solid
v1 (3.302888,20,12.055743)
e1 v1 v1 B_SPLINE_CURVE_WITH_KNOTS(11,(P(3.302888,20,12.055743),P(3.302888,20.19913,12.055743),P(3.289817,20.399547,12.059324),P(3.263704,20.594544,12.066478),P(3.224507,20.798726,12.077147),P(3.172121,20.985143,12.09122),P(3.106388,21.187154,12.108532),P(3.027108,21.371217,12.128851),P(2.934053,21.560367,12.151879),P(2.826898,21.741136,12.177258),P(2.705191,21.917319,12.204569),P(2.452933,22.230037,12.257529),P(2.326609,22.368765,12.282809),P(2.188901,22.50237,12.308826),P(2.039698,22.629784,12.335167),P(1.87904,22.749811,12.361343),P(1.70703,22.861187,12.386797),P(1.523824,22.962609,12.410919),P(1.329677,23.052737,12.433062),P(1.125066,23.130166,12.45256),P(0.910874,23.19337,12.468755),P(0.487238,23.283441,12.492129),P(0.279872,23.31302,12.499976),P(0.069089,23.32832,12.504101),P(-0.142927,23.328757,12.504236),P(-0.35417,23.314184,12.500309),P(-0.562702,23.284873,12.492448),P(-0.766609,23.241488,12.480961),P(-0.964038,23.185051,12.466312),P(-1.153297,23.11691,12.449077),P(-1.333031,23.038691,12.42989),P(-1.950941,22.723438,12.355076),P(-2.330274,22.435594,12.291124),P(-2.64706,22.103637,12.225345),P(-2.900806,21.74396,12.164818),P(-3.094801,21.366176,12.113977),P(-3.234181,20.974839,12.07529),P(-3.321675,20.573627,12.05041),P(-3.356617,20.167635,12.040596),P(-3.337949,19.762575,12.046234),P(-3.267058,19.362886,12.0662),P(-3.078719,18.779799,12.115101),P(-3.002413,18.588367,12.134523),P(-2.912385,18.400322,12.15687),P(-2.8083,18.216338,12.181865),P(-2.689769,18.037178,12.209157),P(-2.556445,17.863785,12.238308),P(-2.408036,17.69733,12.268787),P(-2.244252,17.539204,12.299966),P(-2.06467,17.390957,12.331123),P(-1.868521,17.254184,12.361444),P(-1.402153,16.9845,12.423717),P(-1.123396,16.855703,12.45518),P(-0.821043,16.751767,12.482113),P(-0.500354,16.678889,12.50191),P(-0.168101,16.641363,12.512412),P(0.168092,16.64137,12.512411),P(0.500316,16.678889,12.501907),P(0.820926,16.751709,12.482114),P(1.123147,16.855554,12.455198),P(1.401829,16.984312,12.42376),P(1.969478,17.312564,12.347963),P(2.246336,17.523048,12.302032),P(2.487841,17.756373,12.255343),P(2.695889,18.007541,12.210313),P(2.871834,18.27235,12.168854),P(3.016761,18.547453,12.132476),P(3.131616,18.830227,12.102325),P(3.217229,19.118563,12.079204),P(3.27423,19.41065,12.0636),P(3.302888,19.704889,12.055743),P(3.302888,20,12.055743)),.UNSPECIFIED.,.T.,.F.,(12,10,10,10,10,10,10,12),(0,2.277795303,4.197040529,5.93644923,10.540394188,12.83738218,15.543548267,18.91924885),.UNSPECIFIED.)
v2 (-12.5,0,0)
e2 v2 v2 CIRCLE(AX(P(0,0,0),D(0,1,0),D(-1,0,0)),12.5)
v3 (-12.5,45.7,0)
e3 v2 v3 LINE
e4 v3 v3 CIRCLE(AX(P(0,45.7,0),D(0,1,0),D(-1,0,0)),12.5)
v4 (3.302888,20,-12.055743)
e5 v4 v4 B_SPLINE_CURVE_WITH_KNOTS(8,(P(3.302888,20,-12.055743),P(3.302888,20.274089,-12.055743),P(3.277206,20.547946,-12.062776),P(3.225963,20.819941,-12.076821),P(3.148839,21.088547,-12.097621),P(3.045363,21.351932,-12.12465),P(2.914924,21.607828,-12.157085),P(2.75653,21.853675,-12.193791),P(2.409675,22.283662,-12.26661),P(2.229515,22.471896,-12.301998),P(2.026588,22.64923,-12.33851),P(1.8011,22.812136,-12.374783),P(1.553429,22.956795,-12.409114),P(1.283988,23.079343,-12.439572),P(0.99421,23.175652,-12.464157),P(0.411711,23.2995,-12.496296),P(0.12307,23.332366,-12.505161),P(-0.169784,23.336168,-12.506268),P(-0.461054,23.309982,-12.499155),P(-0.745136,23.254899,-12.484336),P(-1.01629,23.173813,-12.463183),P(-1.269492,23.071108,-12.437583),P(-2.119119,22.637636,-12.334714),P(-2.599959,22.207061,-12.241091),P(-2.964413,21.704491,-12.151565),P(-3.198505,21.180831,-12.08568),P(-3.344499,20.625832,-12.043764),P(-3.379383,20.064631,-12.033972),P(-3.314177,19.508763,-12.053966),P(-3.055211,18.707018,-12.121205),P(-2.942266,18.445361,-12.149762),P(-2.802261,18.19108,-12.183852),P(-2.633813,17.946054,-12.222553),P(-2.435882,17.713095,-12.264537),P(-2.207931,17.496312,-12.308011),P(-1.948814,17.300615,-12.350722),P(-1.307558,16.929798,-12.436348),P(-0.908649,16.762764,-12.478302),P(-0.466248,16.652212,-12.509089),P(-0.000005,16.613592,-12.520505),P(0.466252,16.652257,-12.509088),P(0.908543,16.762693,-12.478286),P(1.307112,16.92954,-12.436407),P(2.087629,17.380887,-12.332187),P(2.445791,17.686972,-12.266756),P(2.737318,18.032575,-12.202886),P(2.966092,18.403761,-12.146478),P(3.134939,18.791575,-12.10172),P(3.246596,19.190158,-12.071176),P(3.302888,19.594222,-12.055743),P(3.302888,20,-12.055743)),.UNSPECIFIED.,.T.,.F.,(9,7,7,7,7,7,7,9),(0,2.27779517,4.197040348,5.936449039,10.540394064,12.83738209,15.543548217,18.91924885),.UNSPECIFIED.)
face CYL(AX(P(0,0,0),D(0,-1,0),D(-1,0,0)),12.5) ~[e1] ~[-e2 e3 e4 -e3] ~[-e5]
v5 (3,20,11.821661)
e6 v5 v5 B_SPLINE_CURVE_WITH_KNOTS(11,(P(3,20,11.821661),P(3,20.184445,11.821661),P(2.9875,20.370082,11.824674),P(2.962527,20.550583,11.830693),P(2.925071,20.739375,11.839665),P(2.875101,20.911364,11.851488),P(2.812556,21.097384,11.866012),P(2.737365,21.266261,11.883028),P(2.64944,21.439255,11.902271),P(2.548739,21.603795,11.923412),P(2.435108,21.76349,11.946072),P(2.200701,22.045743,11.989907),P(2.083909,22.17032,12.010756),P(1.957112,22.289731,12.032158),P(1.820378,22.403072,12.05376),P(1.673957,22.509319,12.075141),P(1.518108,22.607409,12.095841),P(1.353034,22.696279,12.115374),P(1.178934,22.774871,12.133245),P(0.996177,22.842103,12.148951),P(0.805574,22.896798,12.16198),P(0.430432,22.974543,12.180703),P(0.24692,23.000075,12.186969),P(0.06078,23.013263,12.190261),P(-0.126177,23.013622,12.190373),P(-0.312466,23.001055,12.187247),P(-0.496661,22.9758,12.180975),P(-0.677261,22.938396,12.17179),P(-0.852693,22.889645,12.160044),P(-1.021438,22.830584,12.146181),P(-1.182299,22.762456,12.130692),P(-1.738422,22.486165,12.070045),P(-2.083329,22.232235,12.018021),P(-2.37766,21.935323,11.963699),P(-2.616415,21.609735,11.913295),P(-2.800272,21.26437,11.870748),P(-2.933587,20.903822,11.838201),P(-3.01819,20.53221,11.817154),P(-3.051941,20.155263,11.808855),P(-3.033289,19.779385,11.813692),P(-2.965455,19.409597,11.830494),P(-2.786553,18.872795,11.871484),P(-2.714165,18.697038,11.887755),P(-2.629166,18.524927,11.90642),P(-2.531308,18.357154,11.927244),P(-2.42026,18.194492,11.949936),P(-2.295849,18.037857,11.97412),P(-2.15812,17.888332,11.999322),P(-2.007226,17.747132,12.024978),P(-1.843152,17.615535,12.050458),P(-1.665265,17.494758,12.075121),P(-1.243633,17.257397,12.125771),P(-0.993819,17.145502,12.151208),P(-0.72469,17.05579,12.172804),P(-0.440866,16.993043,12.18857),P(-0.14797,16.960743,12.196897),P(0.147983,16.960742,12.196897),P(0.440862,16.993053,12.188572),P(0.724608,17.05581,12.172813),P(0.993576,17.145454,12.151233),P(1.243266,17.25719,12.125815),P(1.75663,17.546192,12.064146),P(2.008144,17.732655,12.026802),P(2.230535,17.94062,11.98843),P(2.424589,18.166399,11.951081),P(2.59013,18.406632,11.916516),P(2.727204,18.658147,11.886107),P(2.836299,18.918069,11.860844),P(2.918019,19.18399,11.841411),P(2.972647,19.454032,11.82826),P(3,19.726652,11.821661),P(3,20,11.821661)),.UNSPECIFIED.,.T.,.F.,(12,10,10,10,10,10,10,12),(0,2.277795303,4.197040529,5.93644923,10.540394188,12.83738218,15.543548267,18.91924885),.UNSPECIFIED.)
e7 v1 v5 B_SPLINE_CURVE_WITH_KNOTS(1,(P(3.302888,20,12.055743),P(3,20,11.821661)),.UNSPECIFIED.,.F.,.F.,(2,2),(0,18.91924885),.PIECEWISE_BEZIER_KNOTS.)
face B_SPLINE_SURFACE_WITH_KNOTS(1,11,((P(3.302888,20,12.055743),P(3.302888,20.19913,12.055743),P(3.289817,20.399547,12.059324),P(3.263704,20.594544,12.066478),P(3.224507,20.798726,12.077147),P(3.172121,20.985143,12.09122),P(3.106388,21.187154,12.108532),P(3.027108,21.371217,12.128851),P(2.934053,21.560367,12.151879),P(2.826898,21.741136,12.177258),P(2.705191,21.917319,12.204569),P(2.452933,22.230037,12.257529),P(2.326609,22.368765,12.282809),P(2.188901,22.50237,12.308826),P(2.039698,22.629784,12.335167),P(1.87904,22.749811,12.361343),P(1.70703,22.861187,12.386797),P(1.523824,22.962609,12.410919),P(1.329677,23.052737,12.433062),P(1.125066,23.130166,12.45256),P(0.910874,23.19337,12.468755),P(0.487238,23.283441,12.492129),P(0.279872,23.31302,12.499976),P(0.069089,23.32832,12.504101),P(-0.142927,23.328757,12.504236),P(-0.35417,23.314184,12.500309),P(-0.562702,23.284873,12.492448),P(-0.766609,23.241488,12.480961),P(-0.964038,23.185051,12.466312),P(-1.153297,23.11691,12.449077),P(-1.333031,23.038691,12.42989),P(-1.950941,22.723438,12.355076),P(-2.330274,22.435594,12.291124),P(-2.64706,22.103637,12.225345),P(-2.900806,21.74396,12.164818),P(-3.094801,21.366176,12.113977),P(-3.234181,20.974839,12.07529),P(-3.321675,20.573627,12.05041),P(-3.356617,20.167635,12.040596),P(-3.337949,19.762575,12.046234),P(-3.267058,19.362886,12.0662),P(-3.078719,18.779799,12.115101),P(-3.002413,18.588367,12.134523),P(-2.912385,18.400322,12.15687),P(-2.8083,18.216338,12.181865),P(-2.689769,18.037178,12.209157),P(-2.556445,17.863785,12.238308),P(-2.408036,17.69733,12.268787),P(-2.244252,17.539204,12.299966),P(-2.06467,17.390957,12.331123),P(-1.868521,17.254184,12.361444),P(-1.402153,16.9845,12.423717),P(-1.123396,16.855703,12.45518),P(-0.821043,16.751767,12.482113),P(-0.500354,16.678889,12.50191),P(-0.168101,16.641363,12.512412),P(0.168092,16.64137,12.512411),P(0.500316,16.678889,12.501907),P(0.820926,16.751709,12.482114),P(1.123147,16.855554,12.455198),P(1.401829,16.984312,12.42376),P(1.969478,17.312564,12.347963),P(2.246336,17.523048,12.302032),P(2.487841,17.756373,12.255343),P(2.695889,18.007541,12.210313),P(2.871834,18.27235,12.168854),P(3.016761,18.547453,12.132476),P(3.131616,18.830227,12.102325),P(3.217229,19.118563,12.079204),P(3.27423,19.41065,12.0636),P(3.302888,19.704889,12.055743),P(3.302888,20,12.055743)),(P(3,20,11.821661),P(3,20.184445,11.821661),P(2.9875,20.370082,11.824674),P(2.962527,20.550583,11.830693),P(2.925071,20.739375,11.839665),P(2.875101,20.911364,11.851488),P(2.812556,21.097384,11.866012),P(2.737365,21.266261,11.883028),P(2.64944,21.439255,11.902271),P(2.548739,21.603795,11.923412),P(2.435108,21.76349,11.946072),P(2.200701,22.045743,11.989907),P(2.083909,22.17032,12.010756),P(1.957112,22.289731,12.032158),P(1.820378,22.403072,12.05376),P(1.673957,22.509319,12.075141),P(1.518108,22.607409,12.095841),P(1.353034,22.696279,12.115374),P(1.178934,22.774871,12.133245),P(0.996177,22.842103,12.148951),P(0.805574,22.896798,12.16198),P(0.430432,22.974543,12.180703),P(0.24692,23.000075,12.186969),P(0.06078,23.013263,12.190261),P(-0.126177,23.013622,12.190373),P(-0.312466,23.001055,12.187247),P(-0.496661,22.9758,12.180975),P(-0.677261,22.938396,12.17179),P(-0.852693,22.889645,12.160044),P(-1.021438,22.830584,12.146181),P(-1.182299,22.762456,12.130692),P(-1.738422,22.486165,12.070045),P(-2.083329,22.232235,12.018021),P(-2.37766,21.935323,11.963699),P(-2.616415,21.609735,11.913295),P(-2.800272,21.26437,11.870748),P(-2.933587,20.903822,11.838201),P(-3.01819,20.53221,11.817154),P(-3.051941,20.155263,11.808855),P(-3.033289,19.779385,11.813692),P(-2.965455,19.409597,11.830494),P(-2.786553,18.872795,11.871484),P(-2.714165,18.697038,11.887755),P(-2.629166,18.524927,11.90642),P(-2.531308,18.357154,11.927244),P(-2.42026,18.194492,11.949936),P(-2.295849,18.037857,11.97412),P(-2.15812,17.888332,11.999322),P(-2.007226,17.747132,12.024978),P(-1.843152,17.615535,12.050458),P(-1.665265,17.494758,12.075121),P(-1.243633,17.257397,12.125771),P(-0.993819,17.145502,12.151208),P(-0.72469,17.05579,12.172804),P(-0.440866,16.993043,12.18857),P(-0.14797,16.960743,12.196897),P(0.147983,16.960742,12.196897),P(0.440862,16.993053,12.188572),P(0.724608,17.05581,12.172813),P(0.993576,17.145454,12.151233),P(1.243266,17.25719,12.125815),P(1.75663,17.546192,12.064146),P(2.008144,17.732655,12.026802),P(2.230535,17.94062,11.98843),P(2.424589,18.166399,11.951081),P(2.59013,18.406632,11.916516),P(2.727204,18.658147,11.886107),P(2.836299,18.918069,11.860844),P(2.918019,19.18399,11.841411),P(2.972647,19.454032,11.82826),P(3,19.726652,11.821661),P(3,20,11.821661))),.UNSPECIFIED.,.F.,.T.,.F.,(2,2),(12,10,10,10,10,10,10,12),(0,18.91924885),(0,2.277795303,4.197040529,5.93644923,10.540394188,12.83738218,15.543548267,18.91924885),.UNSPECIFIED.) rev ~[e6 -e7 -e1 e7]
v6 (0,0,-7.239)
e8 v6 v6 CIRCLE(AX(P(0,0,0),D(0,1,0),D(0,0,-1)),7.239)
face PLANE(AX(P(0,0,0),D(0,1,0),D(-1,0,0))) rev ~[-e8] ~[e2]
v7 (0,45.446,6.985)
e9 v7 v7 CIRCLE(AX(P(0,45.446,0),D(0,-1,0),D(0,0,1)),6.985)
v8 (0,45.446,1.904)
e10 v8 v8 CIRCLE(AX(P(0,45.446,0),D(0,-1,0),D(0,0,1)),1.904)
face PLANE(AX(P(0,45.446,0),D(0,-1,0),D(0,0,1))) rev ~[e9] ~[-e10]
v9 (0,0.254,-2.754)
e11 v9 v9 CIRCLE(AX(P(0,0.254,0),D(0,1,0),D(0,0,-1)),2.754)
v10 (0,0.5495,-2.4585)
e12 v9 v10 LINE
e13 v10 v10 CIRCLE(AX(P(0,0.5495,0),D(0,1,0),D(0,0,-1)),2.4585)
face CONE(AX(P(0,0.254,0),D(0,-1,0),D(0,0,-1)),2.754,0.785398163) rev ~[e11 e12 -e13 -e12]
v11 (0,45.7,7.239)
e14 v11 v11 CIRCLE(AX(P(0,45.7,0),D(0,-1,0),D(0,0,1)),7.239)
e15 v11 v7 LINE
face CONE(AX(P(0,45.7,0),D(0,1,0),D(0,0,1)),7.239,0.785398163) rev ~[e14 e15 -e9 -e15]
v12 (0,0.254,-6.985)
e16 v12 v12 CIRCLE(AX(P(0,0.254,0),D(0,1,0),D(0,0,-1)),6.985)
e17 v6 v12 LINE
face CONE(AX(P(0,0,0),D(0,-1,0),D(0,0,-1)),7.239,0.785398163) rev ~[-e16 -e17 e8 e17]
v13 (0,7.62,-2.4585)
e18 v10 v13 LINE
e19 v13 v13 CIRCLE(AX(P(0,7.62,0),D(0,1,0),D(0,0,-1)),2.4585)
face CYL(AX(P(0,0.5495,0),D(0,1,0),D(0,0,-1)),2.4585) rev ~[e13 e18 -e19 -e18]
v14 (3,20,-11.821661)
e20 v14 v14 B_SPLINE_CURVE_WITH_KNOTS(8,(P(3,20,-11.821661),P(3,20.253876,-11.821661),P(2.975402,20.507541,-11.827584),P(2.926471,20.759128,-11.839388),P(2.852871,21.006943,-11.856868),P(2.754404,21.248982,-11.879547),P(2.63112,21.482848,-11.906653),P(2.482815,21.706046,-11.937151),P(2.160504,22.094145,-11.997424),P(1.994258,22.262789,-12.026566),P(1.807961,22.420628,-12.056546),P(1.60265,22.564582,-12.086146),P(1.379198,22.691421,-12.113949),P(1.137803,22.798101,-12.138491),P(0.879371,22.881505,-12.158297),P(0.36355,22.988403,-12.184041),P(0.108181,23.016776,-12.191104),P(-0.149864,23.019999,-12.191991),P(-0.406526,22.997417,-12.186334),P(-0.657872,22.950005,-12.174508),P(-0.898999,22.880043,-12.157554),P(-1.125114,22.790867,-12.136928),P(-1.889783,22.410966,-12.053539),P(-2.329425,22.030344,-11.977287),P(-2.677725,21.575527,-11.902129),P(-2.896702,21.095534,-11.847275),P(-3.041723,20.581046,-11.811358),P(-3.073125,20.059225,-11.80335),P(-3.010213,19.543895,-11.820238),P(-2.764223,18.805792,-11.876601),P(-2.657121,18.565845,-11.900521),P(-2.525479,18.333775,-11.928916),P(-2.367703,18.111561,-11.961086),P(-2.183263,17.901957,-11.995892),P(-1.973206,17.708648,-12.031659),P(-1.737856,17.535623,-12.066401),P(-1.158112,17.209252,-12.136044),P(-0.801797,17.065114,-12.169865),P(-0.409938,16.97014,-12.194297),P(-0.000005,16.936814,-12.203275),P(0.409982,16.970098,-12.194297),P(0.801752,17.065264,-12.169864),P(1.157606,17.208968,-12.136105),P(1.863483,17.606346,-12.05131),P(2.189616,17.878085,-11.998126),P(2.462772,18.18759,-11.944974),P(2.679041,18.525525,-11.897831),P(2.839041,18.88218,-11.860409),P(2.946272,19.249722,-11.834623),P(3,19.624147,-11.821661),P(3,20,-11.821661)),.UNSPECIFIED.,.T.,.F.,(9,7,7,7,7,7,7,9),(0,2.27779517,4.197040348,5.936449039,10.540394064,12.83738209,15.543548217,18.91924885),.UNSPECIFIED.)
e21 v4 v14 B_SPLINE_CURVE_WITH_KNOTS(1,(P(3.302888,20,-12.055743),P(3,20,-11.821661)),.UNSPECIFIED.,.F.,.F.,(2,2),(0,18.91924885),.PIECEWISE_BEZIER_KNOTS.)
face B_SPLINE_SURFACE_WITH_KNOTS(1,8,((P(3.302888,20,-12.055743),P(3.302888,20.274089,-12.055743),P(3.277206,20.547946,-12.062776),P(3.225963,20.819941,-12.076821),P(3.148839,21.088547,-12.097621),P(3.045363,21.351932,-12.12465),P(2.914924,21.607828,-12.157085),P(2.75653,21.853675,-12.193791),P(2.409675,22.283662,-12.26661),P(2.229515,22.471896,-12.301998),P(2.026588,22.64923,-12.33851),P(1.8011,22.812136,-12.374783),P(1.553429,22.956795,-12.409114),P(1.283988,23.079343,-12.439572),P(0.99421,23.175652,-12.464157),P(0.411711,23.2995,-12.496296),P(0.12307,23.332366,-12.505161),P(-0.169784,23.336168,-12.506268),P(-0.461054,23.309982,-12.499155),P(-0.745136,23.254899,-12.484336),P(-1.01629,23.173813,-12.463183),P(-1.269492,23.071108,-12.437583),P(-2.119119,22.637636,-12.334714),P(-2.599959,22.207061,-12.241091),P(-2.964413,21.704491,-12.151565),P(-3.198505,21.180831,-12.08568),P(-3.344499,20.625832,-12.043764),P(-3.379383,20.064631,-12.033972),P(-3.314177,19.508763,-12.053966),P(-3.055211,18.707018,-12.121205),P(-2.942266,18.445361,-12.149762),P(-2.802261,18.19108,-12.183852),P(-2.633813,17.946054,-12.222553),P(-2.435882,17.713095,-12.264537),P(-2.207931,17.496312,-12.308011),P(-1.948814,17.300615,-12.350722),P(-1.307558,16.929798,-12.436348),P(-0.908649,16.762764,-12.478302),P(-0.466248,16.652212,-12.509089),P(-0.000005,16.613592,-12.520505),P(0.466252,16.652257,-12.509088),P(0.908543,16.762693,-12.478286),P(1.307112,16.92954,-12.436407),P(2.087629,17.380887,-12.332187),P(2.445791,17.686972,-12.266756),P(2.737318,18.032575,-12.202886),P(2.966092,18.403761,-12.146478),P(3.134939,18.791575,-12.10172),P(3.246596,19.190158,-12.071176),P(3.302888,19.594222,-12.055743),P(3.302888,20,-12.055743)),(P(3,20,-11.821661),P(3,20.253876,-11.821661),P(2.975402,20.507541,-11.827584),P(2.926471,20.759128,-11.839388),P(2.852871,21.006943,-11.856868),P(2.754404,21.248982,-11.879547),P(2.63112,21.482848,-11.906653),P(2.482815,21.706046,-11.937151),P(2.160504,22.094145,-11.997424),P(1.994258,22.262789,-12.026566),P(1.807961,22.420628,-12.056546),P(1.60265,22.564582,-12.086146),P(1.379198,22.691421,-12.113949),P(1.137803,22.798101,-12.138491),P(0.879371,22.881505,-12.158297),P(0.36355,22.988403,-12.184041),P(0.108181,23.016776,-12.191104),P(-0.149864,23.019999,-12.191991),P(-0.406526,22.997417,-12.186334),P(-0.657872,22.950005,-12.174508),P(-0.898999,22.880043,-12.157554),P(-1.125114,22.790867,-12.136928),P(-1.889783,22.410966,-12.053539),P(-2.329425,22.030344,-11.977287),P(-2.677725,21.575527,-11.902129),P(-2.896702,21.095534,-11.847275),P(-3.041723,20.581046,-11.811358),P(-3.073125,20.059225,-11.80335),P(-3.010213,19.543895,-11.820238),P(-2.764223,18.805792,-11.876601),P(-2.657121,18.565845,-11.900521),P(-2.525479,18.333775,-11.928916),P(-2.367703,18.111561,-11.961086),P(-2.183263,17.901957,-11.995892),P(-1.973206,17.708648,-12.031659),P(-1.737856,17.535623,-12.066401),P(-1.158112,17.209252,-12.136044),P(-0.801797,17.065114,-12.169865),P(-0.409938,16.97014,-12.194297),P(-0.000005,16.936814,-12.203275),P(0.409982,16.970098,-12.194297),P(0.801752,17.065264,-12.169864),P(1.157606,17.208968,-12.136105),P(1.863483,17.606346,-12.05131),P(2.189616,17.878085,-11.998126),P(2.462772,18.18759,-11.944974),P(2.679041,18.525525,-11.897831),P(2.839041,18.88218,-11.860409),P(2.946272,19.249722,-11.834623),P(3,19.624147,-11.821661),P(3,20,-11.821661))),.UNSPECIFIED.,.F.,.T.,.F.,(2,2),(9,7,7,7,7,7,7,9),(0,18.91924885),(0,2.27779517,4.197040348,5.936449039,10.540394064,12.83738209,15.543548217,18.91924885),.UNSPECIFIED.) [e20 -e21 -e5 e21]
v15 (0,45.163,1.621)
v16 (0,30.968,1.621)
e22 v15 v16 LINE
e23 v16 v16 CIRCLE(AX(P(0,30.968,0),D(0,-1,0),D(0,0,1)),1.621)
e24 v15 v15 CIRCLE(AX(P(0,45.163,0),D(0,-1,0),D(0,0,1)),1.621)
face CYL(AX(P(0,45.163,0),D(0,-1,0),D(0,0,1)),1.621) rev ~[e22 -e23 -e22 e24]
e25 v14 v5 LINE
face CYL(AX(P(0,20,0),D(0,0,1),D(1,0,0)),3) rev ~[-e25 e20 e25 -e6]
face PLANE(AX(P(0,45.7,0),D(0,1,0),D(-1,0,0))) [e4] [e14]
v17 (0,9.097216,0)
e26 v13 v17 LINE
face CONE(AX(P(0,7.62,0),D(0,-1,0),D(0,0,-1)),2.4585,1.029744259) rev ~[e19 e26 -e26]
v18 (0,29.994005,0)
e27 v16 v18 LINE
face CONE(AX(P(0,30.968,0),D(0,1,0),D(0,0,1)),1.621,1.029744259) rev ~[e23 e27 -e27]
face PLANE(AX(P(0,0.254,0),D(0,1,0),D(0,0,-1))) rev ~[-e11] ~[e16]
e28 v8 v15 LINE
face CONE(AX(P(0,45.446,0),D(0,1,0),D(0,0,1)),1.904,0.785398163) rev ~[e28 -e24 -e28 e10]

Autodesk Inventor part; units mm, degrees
ref_plane "YZ Plane" through (0, 0, 0) normal (1, 0, 0) x (0, 1, 0)
ref_plane "XZ Plane" through (0, 0, 0) normal (0, 1, 0) x (-1, 0, 0)
ref_plane "XY Plane" through (0, 0, 0) normal (0, 0, 1) x (1, 0, 0)
sketch "Sketch1" plane through (0, 0, 0) normal (0, 1, 0) x (-1, 0, 0)
  circle A0 centre (0, 0) radius 12.5
  dimension "d0" = 25
extrude "Extrusion1" add sketch "Sketch1" along normal blind 45.7
hole "ReliefTop" at (0, 45.7, 0) direction (0, -1, 0) diameter 13.97 depth 0.254 countersink diameter 14.478 countersink angle 90
hole "ReliefBottom" at (0, 0, 0) direction (0, 1, 0) diameter 13.97 depth 0.254 countersink diameter 14.478 countersink angle 90
hole "MountBottomM6" at (0, 0.254, 0) direction (0, 1, 0) diameter 4.917 depth 7.366 tip angle 118 countersink diameter 5.508 countersink angle 90 thread size "M6x1" class "6H" standard "ISO Metric profile"
hole "MountTopM4" at (0, 45.446, 0) direction (0, -1, 0) diameter 3.242 depth 14.478 tip angle 118 countersink diameter 3.808 countersink angle 90 thread size "M4x0.7" class "6H" standard "ISO Metric profile"
sketch "Sketch2" plane through (0, 0, 0) normal (0, 0, 1) x (1, 0, 0)
  circle A0 centre (0, 20) radius 3
  line L0 (-12.5, 0) -> (12.5, 0) projected
  line L1 (0, -4.6) -> (0, 27.6) projected
  point P0 (0, 0)
  dimension "d49" = 6
  dimension "d50" = 20
extrude "Extrusion2" cut sketch "Sketch2" along normal through all both and the other way through all
chamfer "Chamfer1" distance 0.313 angle 45 2 edges at (-3, 19.9998, 12.1347) (-3, 19.9998, -12.1347)
equation "\"d1\" = height"
equation "\"d5\" = reliefMinor"
equation "\"d7\" = reliefMajor"
equation "\"d10\" = reliefDepth"
equation "\"d14\" = reliefMinor"
equation "\"d16\" = reliefMajor"
equation "\"d19\" = reliefDepth"
equation "\"d25\" = chamferM6"
equation "\"d28\" = depthM6"
equation "\"d40\" = chamferM4"
equation "\"d43\" = depthM4"
equation "\"reliefDepth\" = 0.254"
equation "\"reliefMinor\" = 13.97"
equation "\"reliefMajor\" = 14.478"
equation "\"chamferM6\" = 5.508"
equation "\"chamferM4\" = 3.808"
equation "\"depthM6\" = 7.366"
equation "\"depthM4\" = 14.478"
equation "\"height\" = 45.7"
properties part number "PLS-P642H0457A00_M" material "Stainless Steel"
